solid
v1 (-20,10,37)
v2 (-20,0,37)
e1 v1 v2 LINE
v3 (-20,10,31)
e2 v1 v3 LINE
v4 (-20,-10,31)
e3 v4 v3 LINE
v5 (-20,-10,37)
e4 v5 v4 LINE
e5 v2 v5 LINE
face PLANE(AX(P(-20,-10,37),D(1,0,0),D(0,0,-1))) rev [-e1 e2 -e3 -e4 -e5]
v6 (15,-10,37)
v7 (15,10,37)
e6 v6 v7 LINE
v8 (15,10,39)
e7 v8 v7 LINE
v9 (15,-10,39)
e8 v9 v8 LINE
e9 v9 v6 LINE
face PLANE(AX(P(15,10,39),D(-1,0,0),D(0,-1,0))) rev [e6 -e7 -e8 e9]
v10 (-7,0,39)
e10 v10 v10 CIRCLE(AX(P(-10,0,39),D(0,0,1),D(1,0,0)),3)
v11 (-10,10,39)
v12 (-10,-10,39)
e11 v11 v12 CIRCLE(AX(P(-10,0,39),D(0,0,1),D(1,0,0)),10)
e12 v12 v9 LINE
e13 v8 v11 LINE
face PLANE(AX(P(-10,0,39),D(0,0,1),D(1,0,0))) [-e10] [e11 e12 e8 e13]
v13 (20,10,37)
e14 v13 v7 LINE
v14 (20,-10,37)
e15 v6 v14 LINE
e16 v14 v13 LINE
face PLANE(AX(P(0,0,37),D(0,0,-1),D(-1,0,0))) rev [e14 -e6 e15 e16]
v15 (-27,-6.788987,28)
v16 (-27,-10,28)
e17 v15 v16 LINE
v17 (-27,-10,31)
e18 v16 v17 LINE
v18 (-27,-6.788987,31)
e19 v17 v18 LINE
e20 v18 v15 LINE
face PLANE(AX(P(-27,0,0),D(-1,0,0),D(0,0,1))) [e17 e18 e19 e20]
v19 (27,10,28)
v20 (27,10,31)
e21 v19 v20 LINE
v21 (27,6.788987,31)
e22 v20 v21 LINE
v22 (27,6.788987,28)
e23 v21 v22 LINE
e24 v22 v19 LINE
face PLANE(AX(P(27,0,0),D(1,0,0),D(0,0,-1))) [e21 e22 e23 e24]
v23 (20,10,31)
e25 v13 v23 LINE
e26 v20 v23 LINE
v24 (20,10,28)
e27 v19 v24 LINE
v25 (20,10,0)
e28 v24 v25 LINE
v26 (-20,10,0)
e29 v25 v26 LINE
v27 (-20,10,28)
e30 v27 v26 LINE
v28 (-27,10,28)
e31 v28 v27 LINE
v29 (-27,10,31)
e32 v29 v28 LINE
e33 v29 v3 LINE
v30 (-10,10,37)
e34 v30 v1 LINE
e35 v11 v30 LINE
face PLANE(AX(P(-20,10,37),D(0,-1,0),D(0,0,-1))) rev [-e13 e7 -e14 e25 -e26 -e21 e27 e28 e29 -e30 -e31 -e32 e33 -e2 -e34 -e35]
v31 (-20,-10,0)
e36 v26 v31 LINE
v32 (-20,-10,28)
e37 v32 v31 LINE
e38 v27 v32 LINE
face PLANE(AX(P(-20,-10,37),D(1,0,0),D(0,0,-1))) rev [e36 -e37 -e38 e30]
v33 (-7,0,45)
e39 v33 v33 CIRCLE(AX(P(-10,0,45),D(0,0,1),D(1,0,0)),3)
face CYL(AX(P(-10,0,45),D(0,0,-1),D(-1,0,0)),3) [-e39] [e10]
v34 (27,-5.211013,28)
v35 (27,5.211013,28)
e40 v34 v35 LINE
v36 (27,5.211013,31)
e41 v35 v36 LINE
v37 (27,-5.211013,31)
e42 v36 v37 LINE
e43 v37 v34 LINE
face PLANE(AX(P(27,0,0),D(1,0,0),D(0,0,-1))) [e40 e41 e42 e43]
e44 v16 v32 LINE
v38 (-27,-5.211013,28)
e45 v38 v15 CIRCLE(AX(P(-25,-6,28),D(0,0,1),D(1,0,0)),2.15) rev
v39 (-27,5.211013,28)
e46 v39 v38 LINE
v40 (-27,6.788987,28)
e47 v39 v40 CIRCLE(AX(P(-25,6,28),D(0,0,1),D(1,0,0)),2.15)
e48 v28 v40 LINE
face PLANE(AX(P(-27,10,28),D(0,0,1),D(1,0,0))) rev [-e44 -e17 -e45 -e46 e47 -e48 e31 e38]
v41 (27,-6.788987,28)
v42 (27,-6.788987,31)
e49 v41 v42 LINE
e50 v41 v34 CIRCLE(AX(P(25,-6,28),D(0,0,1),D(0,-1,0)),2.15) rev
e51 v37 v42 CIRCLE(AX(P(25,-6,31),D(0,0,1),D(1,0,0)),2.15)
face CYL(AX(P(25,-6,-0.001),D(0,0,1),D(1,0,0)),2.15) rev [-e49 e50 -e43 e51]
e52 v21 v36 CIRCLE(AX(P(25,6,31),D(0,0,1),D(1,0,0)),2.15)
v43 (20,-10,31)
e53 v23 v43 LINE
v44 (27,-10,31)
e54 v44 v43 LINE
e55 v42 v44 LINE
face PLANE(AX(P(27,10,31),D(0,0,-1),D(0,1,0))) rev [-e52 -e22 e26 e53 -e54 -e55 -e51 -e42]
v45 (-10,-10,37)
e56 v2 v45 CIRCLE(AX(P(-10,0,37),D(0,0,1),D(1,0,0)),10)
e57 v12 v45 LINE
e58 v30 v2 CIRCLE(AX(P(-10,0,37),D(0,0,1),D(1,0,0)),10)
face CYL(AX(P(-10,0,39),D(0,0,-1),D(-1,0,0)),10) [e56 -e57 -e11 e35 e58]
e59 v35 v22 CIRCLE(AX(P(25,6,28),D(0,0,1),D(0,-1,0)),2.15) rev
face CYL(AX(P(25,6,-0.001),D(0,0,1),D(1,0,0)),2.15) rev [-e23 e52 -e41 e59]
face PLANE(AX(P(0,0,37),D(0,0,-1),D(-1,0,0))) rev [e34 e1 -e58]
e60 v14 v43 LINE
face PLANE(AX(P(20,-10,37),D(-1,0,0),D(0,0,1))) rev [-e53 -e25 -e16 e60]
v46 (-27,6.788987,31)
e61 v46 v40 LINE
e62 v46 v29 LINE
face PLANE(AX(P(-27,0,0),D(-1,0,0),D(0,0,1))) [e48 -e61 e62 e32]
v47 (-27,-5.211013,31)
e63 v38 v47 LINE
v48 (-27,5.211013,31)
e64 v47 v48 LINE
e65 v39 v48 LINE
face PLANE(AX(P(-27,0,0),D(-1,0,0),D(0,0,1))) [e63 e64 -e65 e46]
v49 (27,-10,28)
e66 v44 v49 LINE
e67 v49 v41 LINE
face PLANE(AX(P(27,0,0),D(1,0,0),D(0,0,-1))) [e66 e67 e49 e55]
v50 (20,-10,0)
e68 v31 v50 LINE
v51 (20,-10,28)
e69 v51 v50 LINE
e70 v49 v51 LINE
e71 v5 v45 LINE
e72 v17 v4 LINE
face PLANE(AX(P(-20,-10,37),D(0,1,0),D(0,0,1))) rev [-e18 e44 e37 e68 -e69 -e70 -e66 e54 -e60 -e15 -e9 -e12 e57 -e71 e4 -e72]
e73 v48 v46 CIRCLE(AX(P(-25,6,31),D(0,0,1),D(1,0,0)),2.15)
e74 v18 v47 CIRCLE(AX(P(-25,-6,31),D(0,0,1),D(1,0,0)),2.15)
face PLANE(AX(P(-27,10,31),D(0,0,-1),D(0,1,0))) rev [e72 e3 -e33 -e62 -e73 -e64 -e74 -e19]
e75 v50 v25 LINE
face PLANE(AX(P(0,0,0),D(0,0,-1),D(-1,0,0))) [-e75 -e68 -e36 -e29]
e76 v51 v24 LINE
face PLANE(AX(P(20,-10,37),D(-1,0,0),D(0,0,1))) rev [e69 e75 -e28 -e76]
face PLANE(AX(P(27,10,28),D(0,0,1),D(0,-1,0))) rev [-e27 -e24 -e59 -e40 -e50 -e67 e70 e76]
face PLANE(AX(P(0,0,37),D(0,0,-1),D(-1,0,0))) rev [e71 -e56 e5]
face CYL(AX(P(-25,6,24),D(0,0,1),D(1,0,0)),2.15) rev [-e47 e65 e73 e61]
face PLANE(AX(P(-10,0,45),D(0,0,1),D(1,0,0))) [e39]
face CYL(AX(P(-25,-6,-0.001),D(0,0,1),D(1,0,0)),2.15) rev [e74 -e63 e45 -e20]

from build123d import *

# Parameters (mm, degrees)
SKETCH1_W           = 40
SKETCH1_H           = 20
BOSS_EXTRUDE1_DEPTH = 37
BOSS_EXTRUDE2_DEPTH = 2
SKETCH3_W           = 3
SKETCH3_H           = 20
BOSS_EXTRUDE3_DEPTH = 7
SKETCH4_W           = 3
SKETCH4_H           = 20
BOSS_EXTRUDE4_DEPTH = 7
SKETCH8_R           = 2.15
CUT_EXTRUDE9_DEPTH  = 7
CUT_EXTRUDE10_REACH = 44.308
SKETCH9_R           = 2.15
CUT_EXTRUDE11_REACH = 44.308
SKETCH10_R          = 2.15
SKETCH11_R          = 3
BOSS_EXTRUDE5_DEPTH = 6


with BuildPart() as part:
    # Sketch1 → Boss-Extrude1 (new body)
    with BuildSketch(Plane.XY):
        Rectangle(SKETCH1_W, SKETCH1_H)
    extrude(amount=BOSS_EXTRUDE1_DEPTH)

    # Sketch2 → Boss-Extrude2 (add)
    with BuildSketch(Plane.XY.offset(37)):
        with BuildLine():
            Line((15, 10), (15, -10))
            Line((15, -10), (-10, -10))
            ThreePointArc((-10, -10), (-20, 0), (-10, 10))
            Line((-10, 10), (15, 10))
        make_face()
    extrude(amount=BOSS_EXTRUDE2_DEPTH)

    # Sketch3 → Boss-Extrude3 (add)
    with BuildSketch(Plane(origin=(20, 0, 0), x_dir=(0, 0, -1), z_dir=(1, 0, 0))):
        with Locations((-29.5, 0)):
            Rectangle(SKETCH3_W, SKETCH3_H)
    extrude(amount=BOSS_EXTRUDE3_DEPTH)

    # Sketch4 → Boss-Extrude4 (add)
    with BuildSketch(Plane.ZY.offset(20)):
        with Locations((29.5, 0)):
            Rectangle(SKETCH4_W, SKETCH4_H)
    extrude(amount=BOSS_EXTRUDE4_DEPTH)

    # Sketch8 → Cut-Extrude9 (cut)
    with BuildSketch(Plane.XY.offset(31)):
        with Locations((-25, 6)):
            Circle(SKETCH8_R)
    extrude(amount=-CUT_EXTRUDE9_DEPTH, mode=Mode.SUBTRACT)

    # Sketch9 → Cut-Extrude10 (cut, up to next)
    with BuildSketch(Plane.XY.offset(31), mode=Mode.PRIVATE) as cut_extrude10_sk1:
        with Locations((-25, -6)):
            Circle(SKETCH9_R)
    cut_extrude10_tool1 = extrude(cut_extrude10_sk1.sketch, amount=-CUT_EXTRUDE10_REACH, mode=Mode.PRIVATE) & part.part
    add(cut_extrude10_tool1.solids().sort_by_distance((-25, -6, 31))[0], mode=Mode.SUBTRACT)

    # Sketch10 → Cut-Extrude11 (cut, up to next)
    with BuildSketch(Plane.XY.offset(31), mode=Mode.PRIVATE) as cut_extrude11_sk1:
        with Locations((25, 6)):
            Circle(SKETCH10_R)
    cut_extrude11_tool1 = extrude(cut_extrude11_sk1.sketch, amount=-CUT_EXTRUDE11_REACH, mode=Mode.PRIVATE) & part.part
    # Sketch10 → Cut-Extrude11 (cut, up to next)
    with BuildSketch(Plane.XY.offset(31), mode=Mode.PRIVATE) as cut_extrude11_sk2:
        with Locations((25, -6)):
            Circle(SKETCH10_R)
    cut_extrude11_tool2 = extrude(cut_extrude11_sk2.sketch, amount=-CUT_EXTRUDE11_REACH, mode=Mode.PRIVATE) & part.part
    add(cut_extrude11_tool1.solids().sort_by_distance((25, 6, 31))[0], mode=Mode.SUBTRACT)
    add(cut_extrude11_tool2.solids().sort_by_distance((25, -6, 31))[0], mode=Mode.SUBTRACT)

    # Sketch11 → Boss-Extrude5 (add)
    with BuildSketch(Plane.XY.offset(39)):
        with Locations((-10, 0)):
            Circle(SKETCH11_R)
    extrude(amount=BOSS_EXTRUDE5_DEPTH)


solid = part.part
